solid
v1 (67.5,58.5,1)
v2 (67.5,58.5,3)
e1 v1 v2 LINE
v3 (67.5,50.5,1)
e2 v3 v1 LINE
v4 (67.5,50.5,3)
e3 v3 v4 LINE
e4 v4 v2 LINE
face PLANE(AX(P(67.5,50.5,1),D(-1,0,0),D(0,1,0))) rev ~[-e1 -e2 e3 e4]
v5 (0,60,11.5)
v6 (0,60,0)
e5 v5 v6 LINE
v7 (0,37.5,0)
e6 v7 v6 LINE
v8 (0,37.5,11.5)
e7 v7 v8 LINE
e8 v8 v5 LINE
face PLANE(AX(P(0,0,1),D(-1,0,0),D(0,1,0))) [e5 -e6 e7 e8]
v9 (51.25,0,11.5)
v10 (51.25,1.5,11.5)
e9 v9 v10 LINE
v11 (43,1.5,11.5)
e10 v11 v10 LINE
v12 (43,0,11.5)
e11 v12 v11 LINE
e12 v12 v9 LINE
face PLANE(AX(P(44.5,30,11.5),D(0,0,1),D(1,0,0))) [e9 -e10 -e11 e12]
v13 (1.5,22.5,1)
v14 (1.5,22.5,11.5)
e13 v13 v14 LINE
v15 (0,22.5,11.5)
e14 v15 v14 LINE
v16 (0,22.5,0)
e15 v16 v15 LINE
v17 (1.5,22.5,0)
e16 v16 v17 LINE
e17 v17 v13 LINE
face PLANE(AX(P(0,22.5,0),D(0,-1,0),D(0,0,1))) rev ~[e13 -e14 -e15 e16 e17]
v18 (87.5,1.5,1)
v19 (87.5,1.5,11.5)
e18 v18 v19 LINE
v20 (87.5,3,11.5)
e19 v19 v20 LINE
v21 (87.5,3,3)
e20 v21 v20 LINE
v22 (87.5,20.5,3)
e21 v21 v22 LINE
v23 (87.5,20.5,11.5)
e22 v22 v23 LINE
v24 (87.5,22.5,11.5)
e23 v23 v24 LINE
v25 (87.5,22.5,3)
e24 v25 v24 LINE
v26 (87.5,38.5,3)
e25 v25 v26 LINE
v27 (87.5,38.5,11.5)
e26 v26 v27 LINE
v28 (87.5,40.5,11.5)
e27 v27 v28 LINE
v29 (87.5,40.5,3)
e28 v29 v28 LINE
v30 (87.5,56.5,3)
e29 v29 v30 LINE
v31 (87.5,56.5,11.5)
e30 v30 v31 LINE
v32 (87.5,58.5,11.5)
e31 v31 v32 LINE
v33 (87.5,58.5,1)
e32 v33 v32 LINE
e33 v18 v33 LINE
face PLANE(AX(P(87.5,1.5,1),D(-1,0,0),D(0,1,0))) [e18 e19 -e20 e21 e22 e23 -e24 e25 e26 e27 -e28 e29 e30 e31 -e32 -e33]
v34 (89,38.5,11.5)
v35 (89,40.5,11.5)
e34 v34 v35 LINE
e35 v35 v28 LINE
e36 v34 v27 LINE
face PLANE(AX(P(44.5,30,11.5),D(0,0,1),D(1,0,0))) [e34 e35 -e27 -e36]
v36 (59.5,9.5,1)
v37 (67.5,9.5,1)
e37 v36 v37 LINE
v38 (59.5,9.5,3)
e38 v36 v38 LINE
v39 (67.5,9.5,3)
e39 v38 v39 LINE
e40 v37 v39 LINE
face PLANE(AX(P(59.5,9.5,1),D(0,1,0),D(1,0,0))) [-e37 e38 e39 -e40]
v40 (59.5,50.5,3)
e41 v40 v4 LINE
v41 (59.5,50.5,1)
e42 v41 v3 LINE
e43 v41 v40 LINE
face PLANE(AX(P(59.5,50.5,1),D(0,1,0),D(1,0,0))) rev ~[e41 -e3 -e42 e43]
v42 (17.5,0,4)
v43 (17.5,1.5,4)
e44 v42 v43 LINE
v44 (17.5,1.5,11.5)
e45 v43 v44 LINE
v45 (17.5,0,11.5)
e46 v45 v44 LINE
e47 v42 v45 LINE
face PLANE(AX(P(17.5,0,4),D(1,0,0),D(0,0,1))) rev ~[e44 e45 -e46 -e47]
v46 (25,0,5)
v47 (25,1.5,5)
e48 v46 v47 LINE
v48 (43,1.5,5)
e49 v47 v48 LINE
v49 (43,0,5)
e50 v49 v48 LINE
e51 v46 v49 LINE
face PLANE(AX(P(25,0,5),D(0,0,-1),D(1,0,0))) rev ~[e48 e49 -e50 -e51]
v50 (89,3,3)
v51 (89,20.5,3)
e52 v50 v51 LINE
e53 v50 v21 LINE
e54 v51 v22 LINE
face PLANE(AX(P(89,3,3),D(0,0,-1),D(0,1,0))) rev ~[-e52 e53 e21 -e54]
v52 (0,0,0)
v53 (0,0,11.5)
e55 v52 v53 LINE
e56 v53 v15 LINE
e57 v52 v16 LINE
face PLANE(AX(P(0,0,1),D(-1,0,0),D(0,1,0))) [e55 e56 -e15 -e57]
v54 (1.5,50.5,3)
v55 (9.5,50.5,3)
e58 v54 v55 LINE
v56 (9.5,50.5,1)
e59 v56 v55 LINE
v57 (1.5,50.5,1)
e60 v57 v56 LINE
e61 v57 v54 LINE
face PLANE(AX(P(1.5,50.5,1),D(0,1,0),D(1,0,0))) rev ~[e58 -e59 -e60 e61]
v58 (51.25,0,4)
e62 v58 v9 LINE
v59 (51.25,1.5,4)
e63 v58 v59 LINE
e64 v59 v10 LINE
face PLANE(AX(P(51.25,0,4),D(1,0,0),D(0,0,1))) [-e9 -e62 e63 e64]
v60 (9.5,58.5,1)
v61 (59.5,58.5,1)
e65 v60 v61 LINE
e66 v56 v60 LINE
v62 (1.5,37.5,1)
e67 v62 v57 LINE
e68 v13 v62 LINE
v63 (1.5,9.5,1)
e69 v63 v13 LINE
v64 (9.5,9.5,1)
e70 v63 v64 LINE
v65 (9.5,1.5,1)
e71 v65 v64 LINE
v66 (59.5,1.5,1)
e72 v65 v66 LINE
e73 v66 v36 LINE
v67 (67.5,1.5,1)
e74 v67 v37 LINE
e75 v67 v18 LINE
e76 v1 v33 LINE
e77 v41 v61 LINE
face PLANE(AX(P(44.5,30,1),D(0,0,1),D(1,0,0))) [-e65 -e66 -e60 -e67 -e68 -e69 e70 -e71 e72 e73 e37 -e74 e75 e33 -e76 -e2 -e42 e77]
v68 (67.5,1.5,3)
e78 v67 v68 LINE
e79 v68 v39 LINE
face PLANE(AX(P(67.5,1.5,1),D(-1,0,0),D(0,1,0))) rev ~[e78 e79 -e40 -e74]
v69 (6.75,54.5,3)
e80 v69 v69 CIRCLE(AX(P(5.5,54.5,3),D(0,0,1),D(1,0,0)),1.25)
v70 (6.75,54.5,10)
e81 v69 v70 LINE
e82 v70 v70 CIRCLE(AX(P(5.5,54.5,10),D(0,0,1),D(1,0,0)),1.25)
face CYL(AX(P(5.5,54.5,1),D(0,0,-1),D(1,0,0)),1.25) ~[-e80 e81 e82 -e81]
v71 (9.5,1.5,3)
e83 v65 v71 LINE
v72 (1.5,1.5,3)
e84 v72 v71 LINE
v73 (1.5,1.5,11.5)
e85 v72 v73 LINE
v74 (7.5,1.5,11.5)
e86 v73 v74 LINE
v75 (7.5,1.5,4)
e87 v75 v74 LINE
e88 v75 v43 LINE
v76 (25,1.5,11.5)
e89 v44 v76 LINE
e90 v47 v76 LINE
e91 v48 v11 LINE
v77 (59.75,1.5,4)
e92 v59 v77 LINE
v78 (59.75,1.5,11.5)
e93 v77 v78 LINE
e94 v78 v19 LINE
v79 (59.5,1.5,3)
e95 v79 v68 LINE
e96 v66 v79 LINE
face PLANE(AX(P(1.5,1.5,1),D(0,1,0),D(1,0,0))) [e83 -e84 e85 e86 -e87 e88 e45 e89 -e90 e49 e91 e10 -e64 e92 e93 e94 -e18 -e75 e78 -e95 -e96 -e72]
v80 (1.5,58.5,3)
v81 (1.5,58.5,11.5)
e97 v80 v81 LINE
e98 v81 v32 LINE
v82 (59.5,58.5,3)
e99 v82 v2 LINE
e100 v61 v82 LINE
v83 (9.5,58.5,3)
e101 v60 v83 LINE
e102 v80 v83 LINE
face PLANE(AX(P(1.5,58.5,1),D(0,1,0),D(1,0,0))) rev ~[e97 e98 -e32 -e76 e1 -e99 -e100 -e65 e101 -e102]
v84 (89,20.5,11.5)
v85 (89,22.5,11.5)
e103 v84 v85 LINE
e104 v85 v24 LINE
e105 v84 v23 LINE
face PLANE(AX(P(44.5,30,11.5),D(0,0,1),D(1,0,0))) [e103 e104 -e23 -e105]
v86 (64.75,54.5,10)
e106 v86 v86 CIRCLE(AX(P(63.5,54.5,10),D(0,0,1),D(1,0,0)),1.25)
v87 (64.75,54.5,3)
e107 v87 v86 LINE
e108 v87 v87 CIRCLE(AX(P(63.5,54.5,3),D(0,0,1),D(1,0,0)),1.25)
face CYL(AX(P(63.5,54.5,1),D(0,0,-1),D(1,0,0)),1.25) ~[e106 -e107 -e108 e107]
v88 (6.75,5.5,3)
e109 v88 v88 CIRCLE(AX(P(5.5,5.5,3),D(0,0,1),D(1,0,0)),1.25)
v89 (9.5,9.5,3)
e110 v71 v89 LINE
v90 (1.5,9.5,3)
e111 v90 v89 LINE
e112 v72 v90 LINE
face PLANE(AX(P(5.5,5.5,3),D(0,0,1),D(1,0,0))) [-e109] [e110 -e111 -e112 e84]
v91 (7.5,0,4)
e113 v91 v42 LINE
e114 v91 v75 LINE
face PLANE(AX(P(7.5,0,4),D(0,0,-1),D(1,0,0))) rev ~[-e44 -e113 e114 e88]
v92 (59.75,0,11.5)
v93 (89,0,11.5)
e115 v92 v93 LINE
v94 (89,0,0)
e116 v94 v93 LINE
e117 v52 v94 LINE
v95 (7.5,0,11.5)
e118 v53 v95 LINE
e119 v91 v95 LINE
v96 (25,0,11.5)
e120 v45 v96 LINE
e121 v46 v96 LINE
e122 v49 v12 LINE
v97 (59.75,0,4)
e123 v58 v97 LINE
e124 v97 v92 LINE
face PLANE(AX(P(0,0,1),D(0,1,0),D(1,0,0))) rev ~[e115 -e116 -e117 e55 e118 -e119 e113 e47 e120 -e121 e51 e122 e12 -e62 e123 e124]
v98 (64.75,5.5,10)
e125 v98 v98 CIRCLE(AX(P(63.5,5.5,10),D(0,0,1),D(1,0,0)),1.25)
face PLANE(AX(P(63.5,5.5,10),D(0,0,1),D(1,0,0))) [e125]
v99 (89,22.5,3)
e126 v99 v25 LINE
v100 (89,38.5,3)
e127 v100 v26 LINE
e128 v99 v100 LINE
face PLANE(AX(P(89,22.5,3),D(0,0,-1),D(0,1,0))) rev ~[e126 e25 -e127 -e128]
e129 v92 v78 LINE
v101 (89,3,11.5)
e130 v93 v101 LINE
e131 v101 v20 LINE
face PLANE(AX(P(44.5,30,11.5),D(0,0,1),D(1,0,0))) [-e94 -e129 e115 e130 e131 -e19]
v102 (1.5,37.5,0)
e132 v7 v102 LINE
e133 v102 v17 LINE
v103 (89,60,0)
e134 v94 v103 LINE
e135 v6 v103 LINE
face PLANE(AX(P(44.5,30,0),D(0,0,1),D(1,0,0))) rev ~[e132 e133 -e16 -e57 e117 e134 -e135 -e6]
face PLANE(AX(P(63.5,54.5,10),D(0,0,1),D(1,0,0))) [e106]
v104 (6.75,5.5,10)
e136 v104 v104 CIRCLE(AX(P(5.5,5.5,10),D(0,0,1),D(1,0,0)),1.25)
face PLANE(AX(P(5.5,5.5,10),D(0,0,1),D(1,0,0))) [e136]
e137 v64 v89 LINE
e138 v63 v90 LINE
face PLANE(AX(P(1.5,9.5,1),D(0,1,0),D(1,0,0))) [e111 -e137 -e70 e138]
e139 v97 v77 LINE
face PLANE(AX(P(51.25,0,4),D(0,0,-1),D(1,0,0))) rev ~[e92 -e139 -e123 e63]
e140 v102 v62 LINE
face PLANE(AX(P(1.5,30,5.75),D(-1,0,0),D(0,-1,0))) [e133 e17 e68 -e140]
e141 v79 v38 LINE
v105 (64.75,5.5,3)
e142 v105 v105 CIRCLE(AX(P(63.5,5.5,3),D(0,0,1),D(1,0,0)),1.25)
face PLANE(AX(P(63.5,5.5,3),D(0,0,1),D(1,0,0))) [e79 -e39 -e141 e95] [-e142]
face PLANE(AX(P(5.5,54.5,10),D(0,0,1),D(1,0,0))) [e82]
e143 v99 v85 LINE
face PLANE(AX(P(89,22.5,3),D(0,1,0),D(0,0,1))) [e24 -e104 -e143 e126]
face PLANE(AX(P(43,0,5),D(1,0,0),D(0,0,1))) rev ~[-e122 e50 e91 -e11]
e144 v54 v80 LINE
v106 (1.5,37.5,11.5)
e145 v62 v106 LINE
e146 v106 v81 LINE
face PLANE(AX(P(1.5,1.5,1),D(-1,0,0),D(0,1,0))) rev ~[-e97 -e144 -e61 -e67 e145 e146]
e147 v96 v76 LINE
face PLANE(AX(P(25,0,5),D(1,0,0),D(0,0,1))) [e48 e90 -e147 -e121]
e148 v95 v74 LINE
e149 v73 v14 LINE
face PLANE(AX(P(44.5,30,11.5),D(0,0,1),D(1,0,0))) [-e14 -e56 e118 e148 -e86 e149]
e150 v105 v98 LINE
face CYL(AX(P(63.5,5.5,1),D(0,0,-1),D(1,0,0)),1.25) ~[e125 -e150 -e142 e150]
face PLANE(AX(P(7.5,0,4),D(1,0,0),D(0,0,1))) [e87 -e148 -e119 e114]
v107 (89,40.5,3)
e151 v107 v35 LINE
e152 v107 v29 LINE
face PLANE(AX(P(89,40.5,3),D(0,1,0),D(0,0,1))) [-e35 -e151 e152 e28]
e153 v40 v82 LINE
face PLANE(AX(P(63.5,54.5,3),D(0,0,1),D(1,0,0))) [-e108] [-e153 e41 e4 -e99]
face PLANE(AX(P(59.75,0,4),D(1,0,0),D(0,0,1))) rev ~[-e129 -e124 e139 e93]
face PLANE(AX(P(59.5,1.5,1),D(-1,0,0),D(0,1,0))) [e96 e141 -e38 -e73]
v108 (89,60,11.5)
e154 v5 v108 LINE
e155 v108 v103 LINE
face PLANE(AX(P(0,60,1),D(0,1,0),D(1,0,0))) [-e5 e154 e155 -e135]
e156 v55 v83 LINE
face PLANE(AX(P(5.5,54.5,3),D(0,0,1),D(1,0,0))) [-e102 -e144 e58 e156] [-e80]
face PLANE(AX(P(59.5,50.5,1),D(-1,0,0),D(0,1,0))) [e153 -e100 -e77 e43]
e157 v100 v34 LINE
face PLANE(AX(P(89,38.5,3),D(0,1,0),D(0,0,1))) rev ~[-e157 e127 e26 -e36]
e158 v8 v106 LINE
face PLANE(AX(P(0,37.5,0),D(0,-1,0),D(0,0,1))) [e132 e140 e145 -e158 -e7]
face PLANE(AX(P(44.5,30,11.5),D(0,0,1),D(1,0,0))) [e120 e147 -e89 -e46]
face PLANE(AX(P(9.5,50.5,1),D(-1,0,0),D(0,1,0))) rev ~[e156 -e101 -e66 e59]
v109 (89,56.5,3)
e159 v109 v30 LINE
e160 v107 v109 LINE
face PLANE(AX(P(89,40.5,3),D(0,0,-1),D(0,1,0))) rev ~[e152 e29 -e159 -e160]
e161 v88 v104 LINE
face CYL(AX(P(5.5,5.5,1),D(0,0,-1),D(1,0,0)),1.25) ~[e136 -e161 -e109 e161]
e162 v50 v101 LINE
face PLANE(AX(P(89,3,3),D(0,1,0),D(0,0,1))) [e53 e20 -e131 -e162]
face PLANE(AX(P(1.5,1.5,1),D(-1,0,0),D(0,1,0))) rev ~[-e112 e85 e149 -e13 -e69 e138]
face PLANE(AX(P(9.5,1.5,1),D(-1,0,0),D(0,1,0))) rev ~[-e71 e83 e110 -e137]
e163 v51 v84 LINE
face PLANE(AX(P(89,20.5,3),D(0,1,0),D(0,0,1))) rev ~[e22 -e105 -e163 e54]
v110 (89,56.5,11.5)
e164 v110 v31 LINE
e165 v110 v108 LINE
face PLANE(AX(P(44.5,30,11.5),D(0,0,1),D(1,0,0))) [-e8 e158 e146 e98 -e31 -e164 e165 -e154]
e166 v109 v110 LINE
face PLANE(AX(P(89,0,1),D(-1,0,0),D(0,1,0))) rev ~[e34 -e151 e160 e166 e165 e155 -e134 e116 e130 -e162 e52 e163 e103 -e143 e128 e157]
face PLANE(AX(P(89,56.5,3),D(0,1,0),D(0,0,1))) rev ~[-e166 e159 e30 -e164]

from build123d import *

# Parameters (mm, degrees)
F0_W      = 89
F0_H      = 60
F1_DEPTH  = 1
F2_W      = 89
F2_H      = 60
F2_W_2    = 86
F2_H_2    = 57
F3_DEPTH  = 10.5
F4_W      = 15
F4_H      = 11.5
F5_DEPTH  = 1.5
F6_W      = 10
F6_H      = 7.5
F6_W_2    = 18
F6_H_2    = 6.5
F6_W_3    = 8.5
F7_DEPTH  = 1.5
F8_W      = 17.5
F8_H      = 8.5
F8_W_2    = 16
F9_DEPTH  = 1.5
F10_R     = 1.25
F11_DEPTH = 9
F12_W     = 8
F12_H     = 8
F12_R     = 1.25
F13_DEPTH = 2


with BuildPart() as f1:
    # F0 (on Top) → F1 (new body)
    with BuildSketch(Plane.XY):
        with Locations((44.5, 30)):
            Rectangle(F0_W, F0_H)
    extrude(amount=F1_DEPTH)

    # F2 (on face) → F3 (join)
    with BuildSketch(Plane.XY.offset(1)):
        with Locations((44.5, 30)):
            Rectangle(F2_W, F2_H)
        with Locations((44.5, 30)):
            Rectangle(F2_W_2, F2_H_2, mode=Mode.SUBTRACT)
    extrude(amount=F3_DEPTH)

    # F4 (on face) → F5 (cut, through all)
    with BuildSketch(Plane(origin=(0, 0, 0), x_dir=(0, -1, 0), z_dir=(-1, 0, 0))):
        with Locations((-30, 5.75)):
            Rectangle(F4_W, F4_H)
    extrude(amount=-F5_DEPTH, mode=Mode.SUBTRACT)

    # F6 (on face) → F7 (cut, through all)
    with BuildSketch(Plane.XZ):
        with Locations((12.5, 7.75)):
            Rectangle(F6_W, F6_H)
        with Locations((34, 8.25)):
            Rectangle(F6_W_2, F6_H_2)
        with Locations((55.5, 7.75)):
            Rectangle(F6_W_3, F6_H)
    extrude(amount=-F7_DEPTH, mode=Mode.SUBTRACT)

    # F8 (on face) → F9 (cut, through all)
    with BuildSketch(Plane.YZ.offset(89)):
        with Locations((11.75, 7.25)):
            Rectangle(F8_W, F8_H)
        with Locations((30.5, 7.25)):
            Rectangle(F8_W_2, F8_H)
        with Locations((48.5, 7.25)):
            Rectangle(F8_W_2, F8_H)
    extrude(amount=-F9_DEPTH, mode=Mode.SUBTRACT)

    # F10 (on face) → F11 (join)
    with BuildSketch(Plane.XY.offset(1)):
        with Locations((5.5, 54.5)):
            Circle(F10_R)
        with Locations((63.5, 54.5)):
            Circle(F10_R)
        with Locations((5.5, 5.5)):
            Circle(F10_R)
        with Locations((63.5, 5.5)):
            Circle(F10_R)
    extrude(amount=F11_DEPTH)

    # F12 (on face) → F13 (join)
    with BuildSketch(Plane.XY.offset(1)):
        with Locations((5.5, 54.5)):
            Rectangle(F12_W, F12_H)
        with Locations((5.5, 54.5)):
            Circle(F12_R, mode=Mode.SUBTRACT)
        with Locations((63.5, 54.5)):
            Rectangle(F12_W, F12_H)
        with Locations((63.5, 54.5)):
            Circle(F12_R, mode=Mode.SUBTRACT)
        with Locations((63.5, 5.5)):
            Rectangle(F12_W, F12_H)
        with Locations((63.5, 5.5)):
            Circle(F12_R, mode=Mode.SUBTRACT)
        with Locations((5.5, 5.5)):
            Rectangle(F12_W, F12_H)
        with Locations((5.5, 5.5)):
            Circle(F12_R, mode=Mode.SUBTRACT)
    extrude(amount=F13_DEPTH)


solid = f1.part
